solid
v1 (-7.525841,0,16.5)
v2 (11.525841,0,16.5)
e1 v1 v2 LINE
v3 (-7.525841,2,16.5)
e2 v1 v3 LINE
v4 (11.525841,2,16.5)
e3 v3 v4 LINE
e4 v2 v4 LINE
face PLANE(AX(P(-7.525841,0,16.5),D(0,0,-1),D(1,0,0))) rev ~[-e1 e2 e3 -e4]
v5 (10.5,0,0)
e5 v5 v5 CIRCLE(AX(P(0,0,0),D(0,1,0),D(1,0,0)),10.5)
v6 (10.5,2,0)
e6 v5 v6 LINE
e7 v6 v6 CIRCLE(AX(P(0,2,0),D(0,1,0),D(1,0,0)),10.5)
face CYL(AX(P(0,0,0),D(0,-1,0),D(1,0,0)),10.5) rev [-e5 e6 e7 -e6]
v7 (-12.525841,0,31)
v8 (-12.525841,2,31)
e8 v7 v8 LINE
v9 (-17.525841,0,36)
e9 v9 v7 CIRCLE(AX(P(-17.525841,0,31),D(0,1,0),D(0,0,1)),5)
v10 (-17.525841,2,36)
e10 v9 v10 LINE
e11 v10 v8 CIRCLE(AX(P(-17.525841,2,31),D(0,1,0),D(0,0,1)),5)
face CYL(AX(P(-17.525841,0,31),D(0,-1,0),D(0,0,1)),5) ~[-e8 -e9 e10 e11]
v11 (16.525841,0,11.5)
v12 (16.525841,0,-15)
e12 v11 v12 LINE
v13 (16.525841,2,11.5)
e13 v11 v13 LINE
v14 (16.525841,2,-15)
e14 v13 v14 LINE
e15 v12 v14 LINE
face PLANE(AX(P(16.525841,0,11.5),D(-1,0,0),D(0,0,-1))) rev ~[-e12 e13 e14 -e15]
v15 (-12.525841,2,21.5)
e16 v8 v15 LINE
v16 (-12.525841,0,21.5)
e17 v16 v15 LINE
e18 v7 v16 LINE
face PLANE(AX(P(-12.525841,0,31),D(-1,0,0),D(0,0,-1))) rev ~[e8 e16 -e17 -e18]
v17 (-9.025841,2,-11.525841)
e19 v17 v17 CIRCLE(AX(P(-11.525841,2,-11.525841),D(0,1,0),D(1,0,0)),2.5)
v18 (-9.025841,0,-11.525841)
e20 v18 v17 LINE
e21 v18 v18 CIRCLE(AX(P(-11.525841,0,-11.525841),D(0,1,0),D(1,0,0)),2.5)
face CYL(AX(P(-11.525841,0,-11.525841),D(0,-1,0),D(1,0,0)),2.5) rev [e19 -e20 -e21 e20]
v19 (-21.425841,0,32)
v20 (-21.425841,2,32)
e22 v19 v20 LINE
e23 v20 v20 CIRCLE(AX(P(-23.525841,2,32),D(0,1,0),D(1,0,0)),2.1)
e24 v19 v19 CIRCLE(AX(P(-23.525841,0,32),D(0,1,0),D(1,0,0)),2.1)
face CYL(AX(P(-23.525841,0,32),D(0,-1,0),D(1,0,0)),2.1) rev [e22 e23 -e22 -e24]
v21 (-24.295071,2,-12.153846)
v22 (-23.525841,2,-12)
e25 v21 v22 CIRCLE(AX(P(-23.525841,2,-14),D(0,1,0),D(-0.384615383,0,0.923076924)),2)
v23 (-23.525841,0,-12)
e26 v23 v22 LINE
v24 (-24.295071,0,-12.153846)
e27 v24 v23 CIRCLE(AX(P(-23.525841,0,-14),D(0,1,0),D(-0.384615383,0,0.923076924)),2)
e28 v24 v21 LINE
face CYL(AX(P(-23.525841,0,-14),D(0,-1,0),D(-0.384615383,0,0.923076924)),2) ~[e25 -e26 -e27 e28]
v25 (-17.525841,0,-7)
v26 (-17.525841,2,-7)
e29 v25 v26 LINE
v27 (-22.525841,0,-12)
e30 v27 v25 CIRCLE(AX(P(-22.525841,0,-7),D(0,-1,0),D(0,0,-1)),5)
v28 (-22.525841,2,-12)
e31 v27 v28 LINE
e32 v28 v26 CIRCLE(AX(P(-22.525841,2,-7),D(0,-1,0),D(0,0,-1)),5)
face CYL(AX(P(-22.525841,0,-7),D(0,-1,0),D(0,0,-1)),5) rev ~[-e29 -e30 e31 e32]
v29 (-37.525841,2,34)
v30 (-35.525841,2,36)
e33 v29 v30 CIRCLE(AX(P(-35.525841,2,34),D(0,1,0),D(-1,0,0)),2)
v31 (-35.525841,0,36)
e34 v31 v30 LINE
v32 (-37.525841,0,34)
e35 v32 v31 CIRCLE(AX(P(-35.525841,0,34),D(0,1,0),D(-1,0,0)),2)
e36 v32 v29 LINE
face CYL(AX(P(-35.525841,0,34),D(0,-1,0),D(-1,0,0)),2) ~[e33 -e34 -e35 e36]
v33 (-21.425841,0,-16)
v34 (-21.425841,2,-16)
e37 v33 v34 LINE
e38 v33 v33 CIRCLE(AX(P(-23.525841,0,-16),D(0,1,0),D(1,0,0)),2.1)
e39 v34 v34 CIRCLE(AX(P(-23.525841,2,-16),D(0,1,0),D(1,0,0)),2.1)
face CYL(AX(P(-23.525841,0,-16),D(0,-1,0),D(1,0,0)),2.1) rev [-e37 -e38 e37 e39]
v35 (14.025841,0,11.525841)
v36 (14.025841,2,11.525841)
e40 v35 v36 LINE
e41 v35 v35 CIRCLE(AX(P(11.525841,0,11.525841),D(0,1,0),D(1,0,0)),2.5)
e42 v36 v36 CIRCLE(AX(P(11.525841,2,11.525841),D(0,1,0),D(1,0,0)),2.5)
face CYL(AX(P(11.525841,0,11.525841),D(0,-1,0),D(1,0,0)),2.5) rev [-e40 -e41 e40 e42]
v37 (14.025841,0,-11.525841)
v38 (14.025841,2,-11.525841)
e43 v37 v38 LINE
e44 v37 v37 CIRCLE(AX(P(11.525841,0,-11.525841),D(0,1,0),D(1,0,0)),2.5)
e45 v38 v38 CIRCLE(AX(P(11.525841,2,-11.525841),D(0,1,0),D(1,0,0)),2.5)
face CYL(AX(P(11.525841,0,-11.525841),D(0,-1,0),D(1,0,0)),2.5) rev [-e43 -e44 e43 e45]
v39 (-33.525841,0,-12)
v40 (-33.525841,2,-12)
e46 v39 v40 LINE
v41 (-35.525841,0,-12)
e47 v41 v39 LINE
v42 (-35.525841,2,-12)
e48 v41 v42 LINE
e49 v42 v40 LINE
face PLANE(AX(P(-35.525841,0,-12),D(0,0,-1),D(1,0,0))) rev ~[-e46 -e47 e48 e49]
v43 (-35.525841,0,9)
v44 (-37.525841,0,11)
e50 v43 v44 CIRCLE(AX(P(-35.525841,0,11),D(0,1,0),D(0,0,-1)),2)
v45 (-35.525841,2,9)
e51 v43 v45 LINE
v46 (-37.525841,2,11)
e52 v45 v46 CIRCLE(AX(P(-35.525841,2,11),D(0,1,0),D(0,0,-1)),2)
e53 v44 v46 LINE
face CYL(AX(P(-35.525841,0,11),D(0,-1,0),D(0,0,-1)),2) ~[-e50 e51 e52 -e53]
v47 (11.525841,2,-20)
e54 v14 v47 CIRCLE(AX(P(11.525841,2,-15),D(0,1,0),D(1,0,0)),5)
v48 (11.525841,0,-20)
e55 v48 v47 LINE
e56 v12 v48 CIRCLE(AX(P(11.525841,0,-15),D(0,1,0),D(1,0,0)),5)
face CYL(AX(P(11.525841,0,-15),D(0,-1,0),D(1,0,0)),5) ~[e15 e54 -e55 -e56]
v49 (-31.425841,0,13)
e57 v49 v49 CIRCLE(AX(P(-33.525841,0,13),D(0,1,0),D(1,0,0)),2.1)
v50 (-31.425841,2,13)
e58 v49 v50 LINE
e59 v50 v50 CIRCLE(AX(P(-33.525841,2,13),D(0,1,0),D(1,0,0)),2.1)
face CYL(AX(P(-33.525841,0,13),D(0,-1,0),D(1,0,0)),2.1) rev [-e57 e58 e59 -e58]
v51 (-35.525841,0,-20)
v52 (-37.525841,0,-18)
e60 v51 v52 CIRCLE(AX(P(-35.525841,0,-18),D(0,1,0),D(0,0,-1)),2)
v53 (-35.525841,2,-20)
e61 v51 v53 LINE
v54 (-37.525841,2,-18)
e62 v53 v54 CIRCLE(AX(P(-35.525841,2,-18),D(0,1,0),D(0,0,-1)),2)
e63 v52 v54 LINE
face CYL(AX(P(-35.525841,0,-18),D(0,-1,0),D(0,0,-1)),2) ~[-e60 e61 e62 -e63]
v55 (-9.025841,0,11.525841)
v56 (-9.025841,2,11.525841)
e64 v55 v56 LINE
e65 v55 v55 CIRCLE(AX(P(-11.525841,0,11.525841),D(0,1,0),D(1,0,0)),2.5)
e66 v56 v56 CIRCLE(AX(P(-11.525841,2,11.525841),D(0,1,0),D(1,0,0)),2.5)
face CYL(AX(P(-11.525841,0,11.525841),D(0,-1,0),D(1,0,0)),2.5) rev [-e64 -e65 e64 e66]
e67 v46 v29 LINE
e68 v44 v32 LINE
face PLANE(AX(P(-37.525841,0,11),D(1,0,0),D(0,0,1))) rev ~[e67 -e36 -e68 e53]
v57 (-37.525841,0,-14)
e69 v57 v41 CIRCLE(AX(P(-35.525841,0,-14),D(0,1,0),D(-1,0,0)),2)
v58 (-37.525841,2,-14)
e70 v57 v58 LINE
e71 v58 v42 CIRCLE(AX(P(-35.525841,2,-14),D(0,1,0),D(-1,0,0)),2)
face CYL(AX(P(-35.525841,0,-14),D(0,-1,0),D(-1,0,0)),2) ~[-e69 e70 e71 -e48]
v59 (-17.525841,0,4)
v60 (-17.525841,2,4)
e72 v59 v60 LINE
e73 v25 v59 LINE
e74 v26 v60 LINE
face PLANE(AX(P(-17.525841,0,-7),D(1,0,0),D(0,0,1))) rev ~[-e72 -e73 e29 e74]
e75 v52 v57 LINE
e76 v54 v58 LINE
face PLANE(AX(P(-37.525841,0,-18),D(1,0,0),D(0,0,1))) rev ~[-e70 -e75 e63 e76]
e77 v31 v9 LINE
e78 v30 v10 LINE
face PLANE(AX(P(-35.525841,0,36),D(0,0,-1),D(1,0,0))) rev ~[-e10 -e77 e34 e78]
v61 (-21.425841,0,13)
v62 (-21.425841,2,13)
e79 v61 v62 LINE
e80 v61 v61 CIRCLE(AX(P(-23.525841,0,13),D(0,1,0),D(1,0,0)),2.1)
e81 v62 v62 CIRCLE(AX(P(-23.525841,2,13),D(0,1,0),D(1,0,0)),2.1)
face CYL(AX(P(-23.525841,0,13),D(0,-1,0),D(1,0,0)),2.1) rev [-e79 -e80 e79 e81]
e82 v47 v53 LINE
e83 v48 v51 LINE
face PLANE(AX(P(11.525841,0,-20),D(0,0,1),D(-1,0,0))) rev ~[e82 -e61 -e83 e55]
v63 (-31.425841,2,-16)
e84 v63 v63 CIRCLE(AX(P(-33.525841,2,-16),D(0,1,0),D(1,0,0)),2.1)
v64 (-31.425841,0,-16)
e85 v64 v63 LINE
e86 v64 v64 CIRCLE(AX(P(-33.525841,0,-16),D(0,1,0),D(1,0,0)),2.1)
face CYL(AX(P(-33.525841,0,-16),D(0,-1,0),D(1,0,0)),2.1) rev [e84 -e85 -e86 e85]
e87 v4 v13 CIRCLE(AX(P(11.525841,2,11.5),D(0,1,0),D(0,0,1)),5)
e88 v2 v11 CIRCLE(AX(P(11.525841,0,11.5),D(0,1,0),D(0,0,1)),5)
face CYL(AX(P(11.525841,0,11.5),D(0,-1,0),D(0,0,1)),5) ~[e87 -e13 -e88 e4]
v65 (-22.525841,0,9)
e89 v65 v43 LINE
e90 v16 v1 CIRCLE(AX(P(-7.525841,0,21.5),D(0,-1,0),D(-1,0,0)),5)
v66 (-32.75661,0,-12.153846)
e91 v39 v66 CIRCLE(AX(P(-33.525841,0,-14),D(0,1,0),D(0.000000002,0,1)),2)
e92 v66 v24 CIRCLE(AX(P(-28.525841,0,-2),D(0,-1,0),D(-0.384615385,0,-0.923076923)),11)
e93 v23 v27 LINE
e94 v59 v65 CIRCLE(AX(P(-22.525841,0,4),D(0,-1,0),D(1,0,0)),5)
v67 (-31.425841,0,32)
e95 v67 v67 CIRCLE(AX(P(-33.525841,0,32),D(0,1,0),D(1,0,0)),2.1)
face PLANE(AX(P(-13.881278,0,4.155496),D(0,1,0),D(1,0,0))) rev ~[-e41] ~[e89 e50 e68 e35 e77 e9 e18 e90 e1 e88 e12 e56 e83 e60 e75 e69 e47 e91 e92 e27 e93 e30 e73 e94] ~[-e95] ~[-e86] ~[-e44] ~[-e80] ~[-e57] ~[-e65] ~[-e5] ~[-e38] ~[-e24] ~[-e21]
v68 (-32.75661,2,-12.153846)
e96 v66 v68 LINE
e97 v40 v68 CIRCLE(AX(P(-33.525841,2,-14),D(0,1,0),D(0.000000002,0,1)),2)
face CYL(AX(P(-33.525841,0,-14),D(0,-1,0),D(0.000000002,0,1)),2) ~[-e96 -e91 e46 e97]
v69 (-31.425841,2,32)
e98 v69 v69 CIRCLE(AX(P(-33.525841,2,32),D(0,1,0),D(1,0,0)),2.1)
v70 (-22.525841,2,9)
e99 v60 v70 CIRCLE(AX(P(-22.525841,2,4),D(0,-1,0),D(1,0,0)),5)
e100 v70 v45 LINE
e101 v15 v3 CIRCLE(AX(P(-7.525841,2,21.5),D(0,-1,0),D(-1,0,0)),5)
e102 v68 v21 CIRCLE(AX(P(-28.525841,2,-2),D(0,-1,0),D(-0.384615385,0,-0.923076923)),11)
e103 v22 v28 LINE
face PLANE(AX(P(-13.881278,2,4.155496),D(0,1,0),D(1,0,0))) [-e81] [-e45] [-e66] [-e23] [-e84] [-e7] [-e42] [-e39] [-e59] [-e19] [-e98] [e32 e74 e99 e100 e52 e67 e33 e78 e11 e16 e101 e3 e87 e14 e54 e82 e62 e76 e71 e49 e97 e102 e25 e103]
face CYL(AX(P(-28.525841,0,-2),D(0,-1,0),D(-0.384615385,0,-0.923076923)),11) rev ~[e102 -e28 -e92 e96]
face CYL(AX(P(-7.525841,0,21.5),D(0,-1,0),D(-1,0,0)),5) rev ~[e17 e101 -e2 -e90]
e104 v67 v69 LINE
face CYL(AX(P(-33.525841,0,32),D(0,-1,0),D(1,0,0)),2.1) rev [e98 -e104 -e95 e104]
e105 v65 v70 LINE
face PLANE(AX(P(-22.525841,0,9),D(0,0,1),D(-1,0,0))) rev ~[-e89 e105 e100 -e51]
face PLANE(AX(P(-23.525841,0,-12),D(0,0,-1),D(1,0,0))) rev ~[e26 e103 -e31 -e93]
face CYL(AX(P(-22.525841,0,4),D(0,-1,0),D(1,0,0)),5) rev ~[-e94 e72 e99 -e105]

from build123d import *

# Parameters (mm, degrees)
SKETCH1_R           = 2.5
SKETCH1_R_2         = 2.1
SKETCH1_R_3         = 10.5
BOSS_EXTRUDE1_DEPTH = 2


with BuildPart() as part:
    # Sketch1 → Boss-Extrude1 (new body)
    with BuildSketch(Plane(origin=(0, 0, 0), x_dir=(1, 0, 0), z_dir=(0, 1, 0))):
        with BuildLine():
            Line((-35.525840533, 12), (-33.525840533, 12))
            ThreePointArc((-33.525840533, 12), (-33.133608263, 12.038838649), (-32.756609764, 12.153846154))
            ThreePointArc((-32.756609764, 12.153846154), (-28.525840533, 13), (-24.295071303, 12.153846154))
            ThreePointArc((-24.295071303, 12.153846154), (-23.918072804, 12.038838649), (-23.525840533, 12))
            Line((-23.525840533, 12), (-22.525840533, 12))
            ThreePointArc((-22.525840533, 12), (-18.990306627, 10.535533906), (-17.525840533, 7))
            Line((-17.525840533, 7), (-17.525840533, -4))
            ThreePointArc((-17.525840533, -4), (-18.990306627, -7.535533906), (-22.525840533, -9))
            Line((-22.525840533, -9), (-35.525840533, -9))
            ThreePointArc((-35.525840533, -9), (-36.940054096, -9.585786438), (-37.525840533, -11))
            Line((-37.525840533, -11), (-37.525840533, -34))
            ThreePointArc((-37.525840533, -34), (-36.940054096, -35.414213562), (-35.525840533, -36))
            Line((-35.525840533, -36), (-17.525840533, -36))
            ThreePointArc((-17.525840533, -36), (-13.990306627, -34.535533906), (-12.525840533, -31))
            Line((-12.525840533, -31), (-12.525840533, -21.5))
            ThreePointArc((-12.525840533, -21.5), (-11.061374439, -17.964466094), (-7.525840533, -16.5))
            Line((-7.525840533, -16.5), (11.525840533, -16.5))
            ThreePointArc((11.525840533, -16.5), (15.061374439, -15.035533906), (16.525840533, -11.5))
            Line((16.525840533, -11.5), (16.525840533, 15))
            ThreePointArc((16.525840533, 15), (15.061374439, 18.535533906), (11.525840533, 20))
            Line((11.525840533, 20), (-35.525840533, 20))
            ThreePointArc((-35.525840533, 20), (-36.940054096, 19.414213562), (-37.525840533, 18))
            Line((-37.525840533, 18), (-37.525840533, 14))
            ThreePointArc((-37.525840533, 14), (-36.940054096, 12.585786438), (-35.525840533, 12))
        make_face()
        with Locations((-11.525840533, 11.525840533)):
            Circle(SKETCH1_R, mode=Mode.SUBTRACT)
        with Locations((11.525840533, 11.525840533)):
            Circle(SKETCH1_R, mode=Mode.SUBTRACT)
        with Locations((11.525840533, -11.525840533)):
            Circle(SKETCH1_R, mode=Mode.SUBTRACT)
        with Locations((-11.525840533, -11.525840533)):
            Circle(SKETCH1_R, mode=Mode.SUBTRACT)
        with Locations((-33.525840533, 16)):
            Circle(SKETCH1_R_2, mode=Mode.SUBTRACT)
        with Locations((-23.525840533, 16)):
            Circle(SKETCH1_R_2, mode=Mode.SUBTRACT)
        with Locations((-33.525840533, -32)):
            Circle(SKETCH1_R_2, mode=Mode.SUBTRACT)
        with Locations((-23.525840533, -32)):
            Circle(SKETCH1_R_2, mode=Mode.SUBTRACT)
        with Locations((-33.525840533, -13)):
            Circle(SKETCH1_R_2, mode=Mode.SUBTRACT)
        with Locations((-23.525840533, -13)):
            Circle(SKETCH1_R_2, mode=Mode.SUBTRACT)
        Circle(SKETCH1_R_3, mode=Mode.SUBTRACT)
    extrude(amount=BOSS_EXTRUDE1_DEPTH)


solid = part.part
